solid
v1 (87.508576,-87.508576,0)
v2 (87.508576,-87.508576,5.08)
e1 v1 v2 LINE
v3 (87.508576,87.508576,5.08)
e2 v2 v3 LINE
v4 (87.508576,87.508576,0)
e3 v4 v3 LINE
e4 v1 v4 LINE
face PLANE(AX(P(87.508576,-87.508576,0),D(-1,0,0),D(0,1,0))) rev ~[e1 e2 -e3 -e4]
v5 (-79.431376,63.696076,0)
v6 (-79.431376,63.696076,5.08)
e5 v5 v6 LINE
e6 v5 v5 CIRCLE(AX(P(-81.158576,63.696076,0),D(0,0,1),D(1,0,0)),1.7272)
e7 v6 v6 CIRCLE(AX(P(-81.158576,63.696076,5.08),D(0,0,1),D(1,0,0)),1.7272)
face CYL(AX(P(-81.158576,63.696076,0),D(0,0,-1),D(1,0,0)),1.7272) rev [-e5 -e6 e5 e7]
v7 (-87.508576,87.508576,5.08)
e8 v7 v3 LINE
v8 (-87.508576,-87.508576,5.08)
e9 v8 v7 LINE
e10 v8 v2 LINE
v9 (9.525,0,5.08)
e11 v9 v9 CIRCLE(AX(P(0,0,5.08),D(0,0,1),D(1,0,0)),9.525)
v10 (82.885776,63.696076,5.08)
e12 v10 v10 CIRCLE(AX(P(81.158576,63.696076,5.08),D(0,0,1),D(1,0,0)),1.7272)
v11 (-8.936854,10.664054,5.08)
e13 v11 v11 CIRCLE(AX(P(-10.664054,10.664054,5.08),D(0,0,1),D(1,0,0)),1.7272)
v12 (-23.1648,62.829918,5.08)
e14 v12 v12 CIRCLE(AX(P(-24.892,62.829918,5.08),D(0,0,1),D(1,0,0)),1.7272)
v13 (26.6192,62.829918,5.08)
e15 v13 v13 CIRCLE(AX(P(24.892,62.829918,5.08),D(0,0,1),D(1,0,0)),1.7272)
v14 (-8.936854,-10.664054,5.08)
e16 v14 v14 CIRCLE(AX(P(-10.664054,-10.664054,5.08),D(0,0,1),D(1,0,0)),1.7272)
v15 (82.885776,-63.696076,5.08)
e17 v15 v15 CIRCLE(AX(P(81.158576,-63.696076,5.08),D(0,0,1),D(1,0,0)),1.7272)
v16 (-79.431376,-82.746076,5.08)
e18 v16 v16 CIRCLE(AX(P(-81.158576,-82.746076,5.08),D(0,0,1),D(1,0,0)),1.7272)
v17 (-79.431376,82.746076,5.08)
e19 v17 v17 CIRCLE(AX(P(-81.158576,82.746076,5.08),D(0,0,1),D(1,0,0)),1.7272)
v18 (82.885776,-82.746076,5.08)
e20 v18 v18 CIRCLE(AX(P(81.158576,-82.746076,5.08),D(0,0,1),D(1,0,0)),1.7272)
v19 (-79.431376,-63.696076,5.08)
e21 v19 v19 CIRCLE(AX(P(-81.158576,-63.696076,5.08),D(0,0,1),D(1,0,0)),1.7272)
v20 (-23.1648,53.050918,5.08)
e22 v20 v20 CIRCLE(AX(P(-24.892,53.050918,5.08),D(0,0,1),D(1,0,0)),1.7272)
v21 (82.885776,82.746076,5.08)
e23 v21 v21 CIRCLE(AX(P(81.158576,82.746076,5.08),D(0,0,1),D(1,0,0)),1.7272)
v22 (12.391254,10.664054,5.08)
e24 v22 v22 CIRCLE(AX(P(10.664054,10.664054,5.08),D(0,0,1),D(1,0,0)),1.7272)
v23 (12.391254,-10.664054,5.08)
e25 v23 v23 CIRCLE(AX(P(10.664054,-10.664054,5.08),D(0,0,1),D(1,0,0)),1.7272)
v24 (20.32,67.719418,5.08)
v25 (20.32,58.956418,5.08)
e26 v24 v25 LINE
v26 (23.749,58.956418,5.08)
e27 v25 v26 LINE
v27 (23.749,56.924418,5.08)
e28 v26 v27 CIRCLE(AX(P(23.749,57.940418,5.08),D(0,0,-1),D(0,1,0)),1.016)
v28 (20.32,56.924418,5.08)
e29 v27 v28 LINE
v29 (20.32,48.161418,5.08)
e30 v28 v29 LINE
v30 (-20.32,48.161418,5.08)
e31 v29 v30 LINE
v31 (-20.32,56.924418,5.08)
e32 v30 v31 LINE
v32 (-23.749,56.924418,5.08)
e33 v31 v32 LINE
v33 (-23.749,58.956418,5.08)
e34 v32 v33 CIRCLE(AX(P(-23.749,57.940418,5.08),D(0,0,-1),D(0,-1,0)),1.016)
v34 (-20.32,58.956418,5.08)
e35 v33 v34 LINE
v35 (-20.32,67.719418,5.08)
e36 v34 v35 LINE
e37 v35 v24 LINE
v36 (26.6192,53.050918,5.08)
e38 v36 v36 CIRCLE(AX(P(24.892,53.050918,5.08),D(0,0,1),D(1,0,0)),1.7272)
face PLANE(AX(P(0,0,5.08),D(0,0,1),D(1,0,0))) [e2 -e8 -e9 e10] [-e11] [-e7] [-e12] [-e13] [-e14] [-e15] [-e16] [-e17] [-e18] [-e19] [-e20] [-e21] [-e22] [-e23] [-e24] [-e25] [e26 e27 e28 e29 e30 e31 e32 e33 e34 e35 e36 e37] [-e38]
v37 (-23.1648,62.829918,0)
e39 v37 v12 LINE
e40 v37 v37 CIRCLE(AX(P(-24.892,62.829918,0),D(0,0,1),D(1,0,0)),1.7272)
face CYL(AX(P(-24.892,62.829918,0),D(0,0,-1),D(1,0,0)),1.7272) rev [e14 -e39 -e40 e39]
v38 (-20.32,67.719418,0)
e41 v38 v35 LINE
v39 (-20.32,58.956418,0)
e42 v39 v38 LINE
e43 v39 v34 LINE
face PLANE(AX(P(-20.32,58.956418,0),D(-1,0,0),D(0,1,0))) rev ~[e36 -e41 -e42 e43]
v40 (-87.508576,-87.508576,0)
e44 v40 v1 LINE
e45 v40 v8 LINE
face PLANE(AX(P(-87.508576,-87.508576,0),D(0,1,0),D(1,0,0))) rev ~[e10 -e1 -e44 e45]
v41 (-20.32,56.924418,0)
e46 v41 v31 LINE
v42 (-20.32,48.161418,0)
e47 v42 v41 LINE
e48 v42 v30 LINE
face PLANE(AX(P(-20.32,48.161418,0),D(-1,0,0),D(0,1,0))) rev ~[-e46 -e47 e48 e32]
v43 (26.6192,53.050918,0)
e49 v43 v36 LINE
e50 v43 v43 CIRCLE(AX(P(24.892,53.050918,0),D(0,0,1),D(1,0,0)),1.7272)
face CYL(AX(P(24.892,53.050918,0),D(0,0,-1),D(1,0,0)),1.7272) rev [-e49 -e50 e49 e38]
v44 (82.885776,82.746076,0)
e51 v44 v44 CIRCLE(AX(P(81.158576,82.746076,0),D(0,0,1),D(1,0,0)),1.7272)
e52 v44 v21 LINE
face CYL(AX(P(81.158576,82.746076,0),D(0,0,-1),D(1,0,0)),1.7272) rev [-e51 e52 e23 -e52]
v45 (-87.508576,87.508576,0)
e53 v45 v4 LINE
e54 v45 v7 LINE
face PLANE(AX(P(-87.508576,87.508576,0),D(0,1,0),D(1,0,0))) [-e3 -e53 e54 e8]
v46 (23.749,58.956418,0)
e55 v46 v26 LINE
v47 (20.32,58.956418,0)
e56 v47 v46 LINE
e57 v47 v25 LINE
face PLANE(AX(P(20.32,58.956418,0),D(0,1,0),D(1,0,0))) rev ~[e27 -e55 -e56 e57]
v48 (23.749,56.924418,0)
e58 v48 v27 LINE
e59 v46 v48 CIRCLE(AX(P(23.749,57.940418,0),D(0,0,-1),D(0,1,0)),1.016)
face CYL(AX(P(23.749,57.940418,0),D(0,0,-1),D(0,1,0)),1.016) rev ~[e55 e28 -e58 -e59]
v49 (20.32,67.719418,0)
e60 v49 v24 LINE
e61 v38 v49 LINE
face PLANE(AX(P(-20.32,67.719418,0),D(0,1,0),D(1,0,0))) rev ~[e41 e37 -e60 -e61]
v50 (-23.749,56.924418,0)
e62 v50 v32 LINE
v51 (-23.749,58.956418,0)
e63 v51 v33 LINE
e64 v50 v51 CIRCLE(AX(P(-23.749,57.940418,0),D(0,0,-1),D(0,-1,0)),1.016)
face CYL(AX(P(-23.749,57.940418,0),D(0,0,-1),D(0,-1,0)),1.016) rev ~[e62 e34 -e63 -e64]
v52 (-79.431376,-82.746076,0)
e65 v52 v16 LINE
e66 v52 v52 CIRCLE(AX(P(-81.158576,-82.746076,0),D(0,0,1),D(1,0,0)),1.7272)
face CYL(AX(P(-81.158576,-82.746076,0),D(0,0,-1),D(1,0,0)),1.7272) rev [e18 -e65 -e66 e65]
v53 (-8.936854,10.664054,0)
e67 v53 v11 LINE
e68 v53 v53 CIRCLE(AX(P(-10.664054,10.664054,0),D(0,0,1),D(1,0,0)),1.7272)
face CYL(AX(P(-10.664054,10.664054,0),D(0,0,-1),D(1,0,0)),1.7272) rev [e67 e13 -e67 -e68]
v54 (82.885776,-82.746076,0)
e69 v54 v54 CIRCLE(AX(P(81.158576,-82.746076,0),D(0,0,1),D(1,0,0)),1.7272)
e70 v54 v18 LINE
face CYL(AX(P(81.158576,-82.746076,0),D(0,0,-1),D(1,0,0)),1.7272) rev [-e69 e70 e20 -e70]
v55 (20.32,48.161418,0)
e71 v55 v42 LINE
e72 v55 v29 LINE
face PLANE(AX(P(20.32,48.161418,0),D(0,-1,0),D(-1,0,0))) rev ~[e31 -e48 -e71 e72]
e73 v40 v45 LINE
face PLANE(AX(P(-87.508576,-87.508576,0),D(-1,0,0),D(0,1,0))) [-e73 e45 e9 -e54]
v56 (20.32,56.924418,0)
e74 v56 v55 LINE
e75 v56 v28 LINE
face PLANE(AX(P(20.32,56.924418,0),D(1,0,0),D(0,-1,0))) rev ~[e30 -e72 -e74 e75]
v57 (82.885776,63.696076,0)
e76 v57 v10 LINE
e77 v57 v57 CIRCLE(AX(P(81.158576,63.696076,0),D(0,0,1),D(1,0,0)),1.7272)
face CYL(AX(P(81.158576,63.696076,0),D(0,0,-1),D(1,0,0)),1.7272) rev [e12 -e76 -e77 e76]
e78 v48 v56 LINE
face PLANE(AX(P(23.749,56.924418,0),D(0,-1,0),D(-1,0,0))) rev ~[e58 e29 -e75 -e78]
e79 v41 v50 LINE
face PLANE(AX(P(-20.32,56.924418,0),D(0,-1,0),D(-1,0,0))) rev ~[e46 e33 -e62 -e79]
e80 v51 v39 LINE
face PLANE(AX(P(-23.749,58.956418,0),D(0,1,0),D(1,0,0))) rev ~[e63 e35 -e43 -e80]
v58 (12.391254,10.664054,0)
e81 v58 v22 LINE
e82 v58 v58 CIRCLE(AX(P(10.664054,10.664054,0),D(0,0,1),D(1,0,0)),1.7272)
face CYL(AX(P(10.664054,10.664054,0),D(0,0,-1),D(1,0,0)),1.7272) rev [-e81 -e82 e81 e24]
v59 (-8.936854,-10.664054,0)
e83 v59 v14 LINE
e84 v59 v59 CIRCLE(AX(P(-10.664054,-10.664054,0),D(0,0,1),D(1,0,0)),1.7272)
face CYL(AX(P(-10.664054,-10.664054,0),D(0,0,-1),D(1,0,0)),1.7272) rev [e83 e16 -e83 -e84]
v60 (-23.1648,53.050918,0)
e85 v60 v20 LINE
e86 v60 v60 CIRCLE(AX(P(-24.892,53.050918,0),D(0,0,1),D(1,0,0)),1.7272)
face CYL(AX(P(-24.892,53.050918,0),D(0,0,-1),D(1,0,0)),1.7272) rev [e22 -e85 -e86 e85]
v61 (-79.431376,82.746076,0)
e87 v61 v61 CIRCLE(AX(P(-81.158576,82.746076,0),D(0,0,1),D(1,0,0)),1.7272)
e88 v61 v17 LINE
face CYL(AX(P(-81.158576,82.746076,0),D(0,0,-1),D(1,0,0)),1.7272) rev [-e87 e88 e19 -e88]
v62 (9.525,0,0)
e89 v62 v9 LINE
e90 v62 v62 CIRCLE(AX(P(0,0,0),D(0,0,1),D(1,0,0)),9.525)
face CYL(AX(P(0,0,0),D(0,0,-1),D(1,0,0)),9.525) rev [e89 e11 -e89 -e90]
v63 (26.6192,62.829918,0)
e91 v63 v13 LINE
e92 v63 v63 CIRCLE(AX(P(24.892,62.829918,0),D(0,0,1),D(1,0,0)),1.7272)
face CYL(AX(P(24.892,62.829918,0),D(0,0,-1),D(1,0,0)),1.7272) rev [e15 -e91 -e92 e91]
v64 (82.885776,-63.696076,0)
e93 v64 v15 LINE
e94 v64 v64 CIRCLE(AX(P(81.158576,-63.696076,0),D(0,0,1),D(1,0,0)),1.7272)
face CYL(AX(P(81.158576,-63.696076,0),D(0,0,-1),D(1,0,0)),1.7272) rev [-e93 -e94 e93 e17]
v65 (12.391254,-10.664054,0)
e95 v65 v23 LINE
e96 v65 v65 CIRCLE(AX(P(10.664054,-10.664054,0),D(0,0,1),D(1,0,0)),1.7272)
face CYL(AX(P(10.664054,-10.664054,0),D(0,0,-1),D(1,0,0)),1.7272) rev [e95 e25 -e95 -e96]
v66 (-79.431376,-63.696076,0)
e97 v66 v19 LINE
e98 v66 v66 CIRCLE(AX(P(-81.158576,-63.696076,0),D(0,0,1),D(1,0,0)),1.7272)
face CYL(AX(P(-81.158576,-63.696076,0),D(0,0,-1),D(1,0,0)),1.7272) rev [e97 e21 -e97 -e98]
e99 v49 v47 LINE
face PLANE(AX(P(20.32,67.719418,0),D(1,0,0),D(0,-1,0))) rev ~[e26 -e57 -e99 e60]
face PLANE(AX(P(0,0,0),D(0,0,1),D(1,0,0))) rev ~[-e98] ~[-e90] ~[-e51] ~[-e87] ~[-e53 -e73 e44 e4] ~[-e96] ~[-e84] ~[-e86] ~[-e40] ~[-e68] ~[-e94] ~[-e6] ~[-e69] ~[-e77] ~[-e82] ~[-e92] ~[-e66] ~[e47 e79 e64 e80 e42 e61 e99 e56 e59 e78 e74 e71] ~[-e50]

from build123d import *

# Parameters (mm, degrees)
F0_W     = 175.017152
F0_H     = 175.017152
F0_R     = 1.7272
F0_R_2   = 9.525
F1_DEPTH = 5.08


with BuildPart() as f1:
    # F0 (on Top) → F1 (new body)
    with BuildSketch(Plane.XY):
        Rectangle(F0_W, F0_H)
        with Locations((-81.158576, -82.746076)):
            Circle(F0_R, mode=Mode.SUBTRACT)
        with Locations((-81.158576, -63.696076)):
            Circle(F0_R, mode=Mode.SUBTRACT)
        with Locations((-10.664054, -10.664054)):
            Circle(F0_R, mode=Mode.SUBTRACT)
        with Locations((81.158576, -82.746076)):
            Circle(F0_R, mode=Mode.SUBTRACT)
        with Locations((81.158576, -63.696076)):
            Circle(F0_R, mode=Mode.SUBTRACT)
        with Locations((10.664054, -10.664054)):
            Circle(F0_R, mode=Mode.SUBTRACT)
        with Locations((-10.664054, 10.664054)):
            Circle(F0_R, mode=Mode.SUBTRACT)
        with Locations((-81.158576, 63.696076)):
            Circle(F0_R, mode=Mode.SUBTRACT)
        with Locations((-81.158576, 82.746076)):
            Circle(F0_R, mode=Mode.SUBTRACT)
        with Locations((-24.892, 53.050918)):
            Circle(F0_R, mode=Mode.SUBTRACT)
        with Locations((-24.892, 62.829918)):
            Circle(F0_R, mode=Mode.SUBTRACT)
        Circle(F0_R_2, mode=Mode.SUBTRACT)
        with Locations((10.664054, 10.664054)):
            Circle(F0_R, mode=Mode.SUBTRACT)
        with BuildLine():
            Line((-20.32, 58.956418), (-20.32, 67.719418))
            Line((-20.32, 67.719418), (20.32, 67.719418))
            Line((20.32, 67.719418), (20.32, 58.956418))
            Line((20.32, 58.956418), (23.749, 58.956418))
            ThreePointArc((23.749, 58.956418), (24.765, 57.940418), (23.749, 56.924418))
            Line((23.749, 56.924418), (20.32, 56.924418))
            Line((20.32, 56.924418), (20.32, 48.161418))
            Line((20.32, 48.161418), (-20.32, 48.161418))
            Line((-20.32, 48.161418), (-20.32, 56.924418))
            Line((-20.32, 56.924418), (-23.749, 56.924418))
            ThreePointArc((-23.749, 56.924418), (-24.765, 57.940418), (-23.749, 58.956418))
            Line((-23.749, 58.956418), (-20.32, 58.956418))
        make_face(mode=Mode.SUBTRACT)
        with Locations((24.892, 53.050918)):
            Circle(F0_R, mode=Mode.SUBTRACT)
        with Locations((24.892, 62.829918)):
            Circle(F0_R, mode=Mode.SUBTRACT)
        with Locations((81.158576, 63.696076)):
            Circle(F0_R, mode=Mode.SUBTRACT)
        with Locations((81.158576, 82.746076)):
            Circle(F0_R, mode=Mode.SUBTRACT)
    extrude(amount=F1_DEPTH)


solid = f1.part
